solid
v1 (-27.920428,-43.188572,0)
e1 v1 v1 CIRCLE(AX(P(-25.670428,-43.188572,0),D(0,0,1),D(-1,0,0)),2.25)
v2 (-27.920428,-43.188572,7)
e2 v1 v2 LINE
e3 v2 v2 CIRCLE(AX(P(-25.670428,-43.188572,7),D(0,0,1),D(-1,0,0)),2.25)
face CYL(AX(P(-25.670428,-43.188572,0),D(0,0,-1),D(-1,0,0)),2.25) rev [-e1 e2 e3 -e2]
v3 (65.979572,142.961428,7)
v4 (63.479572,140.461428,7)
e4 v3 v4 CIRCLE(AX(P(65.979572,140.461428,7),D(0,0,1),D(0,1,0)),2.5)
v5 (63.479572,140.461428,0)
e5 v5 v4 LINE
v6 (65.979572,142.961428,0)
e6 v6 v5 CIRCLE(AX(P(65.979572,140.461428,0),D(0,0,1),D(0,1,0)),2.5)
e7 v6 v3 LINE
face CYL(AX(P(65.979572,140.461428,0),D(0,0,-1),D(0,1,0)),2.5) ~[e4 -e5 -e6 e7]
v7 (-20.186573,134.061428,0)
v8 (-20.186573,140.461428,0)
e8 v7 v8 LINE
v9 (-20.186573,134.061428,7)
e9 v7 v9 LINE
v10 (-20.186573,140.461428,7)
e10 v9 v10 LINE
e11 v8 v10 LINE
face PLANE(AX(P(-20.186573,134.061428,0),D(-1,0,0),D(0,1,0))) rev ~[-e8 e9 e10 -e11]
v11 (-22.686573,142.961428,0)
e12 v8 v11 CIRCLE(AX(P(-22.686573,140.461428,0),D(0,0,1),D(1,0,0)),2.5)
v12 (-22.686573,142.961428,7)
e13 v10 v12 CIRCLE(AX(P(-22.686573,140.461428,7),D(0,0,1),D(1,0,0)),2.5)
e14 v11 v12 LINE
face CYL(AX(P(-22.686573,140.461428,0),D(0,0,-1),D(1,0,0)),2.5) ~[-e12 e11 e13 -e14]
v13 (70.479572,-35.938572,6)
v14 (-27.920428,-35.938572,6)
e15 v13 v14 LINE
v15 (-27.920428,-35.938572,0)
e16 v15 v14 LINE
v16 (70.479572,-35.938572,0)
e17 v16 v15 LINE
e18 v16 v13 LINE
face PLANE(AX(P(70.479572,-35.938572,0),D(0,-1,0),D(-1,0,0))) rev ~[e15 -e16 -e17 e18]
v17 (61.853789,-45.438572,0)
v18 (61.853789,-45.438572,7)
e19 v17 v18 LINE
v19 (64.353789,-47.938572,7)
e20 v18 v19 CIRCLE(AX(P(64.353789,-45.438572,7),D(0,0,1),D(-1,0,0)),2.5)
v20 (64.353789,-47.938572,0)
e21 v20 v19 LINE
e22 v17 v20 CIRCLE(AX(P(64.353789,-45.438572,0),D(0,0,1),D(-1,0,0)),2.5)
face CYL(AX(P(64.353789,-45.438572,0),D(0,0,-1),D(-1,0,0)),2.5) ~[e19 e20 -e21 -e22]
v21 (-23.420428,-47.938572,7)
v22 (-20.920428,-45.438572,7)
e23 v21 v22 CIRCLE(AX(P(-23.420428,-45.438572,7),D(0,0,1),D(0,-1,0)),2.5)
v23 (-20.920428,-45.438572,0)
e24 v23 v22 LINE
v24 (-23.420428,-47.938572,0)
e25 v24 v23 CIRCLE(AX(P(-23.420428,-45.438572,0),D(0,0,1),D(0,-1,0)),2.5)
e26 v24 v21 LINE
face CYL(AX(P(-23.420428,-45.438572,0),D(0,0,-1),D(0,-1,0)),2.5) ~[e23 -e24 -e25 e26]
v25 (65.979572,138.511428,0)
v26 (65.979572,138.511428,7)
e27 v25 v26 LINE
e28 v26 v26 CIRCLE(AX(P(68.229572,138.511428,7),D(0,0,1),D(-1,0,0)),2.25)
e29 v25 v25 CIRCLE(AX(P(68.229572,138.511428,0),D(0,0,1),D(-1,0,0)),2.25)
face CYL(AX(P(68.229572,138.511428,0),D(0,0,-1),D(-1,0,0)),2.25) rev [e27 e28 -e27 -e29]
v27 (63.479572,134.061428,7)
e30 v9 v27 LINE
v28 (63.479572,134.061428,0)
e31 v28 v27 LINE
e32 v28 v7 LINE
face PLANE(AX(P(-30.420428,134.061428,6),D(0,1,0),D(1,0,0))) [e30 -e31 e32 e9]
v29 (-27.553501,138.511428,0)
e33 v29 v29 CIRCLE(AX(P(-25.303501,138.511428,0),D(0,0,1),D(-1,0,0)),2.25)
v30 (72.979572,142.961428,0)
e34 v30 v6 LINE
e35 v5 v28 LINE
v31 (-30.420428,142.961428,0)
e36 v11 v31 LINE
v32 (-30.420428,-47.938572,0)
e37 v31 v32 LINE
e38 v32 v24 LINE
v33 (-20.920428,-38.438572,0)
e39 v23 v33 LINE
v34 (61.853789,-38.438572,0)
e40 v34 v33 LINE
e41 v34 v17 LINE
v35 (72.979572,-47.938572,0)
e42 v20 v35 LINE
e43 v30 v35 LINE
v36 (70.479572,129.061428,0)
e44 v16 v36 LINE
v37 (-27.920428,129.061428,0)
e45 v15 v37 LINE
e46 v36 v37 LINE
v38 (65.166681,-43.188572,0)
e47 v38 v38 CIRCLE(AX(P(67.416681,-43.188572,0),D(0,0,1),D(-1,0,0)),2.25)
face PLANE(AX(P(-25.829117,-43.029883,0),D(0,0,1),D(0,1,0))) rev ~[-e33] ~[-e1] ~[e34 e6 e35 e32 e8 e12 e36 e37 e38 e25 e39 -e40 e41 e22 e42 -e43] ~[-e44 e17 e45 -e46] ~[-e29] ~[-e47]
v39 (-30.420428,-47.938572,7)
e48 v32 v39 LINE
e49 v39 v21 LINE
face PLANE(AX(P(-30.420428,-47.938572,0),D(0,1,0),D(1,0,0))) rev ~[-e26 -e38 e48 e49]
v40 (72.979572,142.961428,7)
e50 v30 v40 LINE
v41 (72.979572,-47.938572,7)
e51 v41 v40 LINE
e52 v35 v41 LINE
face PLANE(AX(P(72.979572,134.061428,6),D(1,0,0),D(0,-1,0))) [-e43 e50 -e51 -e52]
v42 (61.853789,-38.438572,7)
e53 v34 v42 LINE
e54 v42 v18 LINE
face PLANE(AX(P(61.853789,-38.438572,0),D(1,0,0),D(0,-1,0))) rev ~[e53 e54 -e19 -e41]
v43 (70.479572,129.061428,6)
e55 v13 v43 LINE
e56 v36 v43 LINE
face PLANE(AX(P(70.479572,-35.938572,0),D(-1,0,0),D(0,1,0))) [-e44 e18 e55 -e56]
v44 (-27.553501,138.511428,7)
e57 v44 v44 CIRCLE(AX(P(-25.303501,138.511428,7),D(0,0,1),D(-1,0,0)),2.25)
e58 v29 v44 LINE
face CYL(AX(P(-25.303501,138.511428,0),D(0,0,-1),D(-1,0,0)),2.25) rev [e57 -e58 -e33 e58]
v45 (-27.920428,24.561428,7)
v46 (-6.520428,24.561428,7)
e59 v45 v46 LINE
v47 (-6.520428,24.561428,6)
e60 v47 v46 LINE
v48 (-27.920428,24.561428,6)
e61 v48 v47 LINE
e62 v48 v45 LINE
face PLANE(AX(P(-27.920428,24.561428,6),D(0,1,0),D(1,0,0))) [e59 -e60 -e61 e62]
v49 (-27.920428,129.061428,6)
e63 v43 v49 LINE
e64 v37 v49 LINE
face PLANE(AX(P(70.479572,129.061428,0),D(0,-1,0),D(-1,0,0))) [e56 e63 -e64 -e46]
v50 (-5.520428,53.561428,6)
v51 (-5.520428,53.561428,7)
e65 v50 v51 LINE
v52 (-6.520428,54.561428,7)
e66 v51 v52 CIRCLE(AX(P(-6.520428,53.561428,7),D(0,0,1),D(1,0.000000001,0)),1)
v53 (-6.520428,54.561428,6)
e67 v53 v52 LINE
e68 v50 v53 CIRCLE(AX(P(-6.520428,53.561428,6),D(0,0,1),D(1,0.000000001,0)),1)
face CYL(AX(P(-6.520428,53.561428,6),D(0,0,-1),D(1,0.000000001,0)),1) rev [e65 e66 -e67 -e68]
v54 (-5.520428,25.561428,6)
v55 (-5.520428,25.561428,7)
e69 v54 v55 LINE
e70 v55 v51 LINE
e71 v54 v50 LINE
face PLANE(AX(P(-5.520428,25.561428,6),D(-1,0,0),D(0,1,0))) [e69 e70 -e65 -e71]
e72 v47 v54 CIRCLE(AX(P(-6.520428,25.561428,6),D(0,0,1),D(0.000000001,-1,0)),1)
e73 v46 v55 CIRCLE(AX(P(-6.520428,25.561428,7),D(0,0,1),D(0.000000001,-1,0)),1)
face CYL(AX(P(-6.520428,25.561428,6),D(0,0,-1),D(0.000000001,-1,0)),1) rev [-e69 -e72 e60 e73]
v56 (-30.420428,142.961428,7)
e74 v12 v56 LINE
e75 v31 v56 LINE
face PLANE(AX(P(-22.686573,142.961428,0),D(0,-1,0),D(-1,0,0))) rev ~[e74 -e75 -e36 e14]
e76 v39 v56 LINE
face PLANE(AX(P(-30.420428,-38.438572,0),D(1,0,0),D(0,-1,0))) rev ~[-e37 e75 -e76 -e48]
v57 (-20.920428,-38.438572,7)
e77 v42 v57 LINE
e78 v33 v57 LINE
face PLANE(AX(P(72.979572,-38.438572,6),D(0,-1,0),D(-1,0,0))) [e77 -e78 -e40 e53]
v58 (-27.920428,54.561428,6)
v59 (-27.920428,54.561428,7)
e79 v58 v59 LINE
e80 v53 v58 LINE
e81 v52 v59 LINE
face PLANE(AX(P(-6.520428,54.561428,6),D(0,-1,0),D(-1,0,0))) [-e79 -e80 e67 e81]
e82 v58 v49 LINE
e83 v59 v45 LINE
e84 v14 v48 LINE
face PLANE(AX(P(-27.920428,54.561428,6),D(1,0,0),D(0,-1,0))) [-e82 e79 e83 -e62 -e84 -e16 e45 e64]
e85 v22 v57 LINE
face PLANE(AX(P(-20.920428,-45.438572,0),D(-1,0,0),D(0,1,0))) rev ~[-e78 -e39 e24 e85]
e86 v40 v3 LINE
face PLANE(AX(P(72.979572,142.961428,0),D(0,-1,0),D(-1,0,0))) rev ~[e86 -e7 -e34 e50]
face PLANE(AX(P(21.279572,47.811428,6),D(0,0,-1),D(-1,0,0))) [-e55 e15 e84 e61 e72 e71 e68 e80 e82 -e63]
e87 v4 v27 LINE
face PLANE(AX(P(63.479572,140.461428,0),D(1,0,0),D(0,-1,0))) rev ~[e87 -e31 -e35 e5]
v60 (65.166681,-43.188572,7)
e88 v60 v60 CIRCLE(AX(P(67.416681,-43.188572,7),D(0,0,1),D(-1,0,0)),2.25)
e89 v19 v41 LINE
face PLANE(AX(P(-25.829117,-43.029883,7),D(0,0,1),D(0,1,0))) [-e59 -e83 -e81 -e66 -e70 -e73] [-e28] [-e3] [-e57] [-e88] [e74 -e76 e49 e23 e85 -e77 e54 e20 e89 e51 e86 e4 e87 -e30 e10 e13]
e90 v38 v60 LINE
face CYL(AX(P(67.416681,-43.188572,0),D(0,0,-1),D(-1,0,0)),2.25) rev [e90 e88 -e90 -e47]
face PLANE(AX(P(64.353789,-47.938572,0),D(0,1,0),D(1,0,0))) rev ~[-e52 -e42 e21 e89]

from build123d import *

# Parameters (mm, degrees)
IZIM1_W                     = 172.5
IZIM1_H                     = 103.4
IZIM1_W_2                   = 165
IZIM1_H_2                   = 98.4
Y_KSEKLIK_EKSTR_ZYON1_DEPTH = 6
Y_KSEKLIK_EKSTR_ZYON2_DEPTH = 1
IZIM3_R                     = 2.25
Y_KSEKLIK_EKSTR_ZYON3_DEPTH = 7


with BuildPart() as part:
    # Çizim1 → Yükseklik-Ekstrüzyon1 (new body)
    with BuildSketch(Plane(origin=(0, 0, 0), x_dir=(0, 1, 0), z_dir=(0, 0, 1))):
        with Locations((47.811428221, -21.27957211)):
            Rectangle(IZIM1_W, IZIM1_H)
        with Locations((46.561428221, -21.27957211)):
            Rectangle(IZIM1_W_2, IZIM1_H_2, mode=Mode.SUBTRACT)
    extrude(amount=Y_KSEKLIK_EKSTR_ZYON1_DEPTH)

    # Çizim2 → Yükseklik-Ekstrüzyon2 (add)
    with BuildSketch(Plane.XY.offset(6)):
        Polygon((-30.42042789, 54.561428221), (-30.42042789, 134.061428221), (72.97957211, 134.061428221), (72.97957211, -38.438571779), (-30.42042789, -38.438571779), (-30.42042789, 24.561428221), align=None)
        with BuildLine():
            Line((-27.92042789, 24.561428221), (-6.52042789, 24.561428221))
            ThreePointArc((-6.52042789, 24.561428221), (-5.813321109, 24.85432144), (-5.52042789, 25.561428221))
            Line((-5.52042789, 25.561428221), (-5.52042789, 53.561428221))
            ThreePointArc((-5.52042789, 53.561428221), (-5.813321109, 54.268535002), (-6.52042789, 54.561428221))
            Line((-6.52042789, 54.561428221), (-27.92042789, 54.561428221))
            Line((-27.92042789, 54.561428221), (-27.92042789, 24.561428221))
        make_face(mode=Mode.SUBTRACT)
    extrude(amount=Y_KSEKLIK_EKSTR_ZYON2_DEPTH)

    # Çizim3 → Yükseklik-Ekstrüzyon3 (add)
    # profile 1 of 4: a face of its own
    with BuildSketch(Plane(origin=(0, 0, 0), x_dir=(0, 1, 0), z_dir=(0, 0, 1))):
        with BuildLine():
            Line((-38.438571779, 30.42042789), (-47.938571779, 30.42042789))
            Line((-47.938571779, 30.42042789), (-47.938571779, 23.42042789))
            ThreePointArc((-47.938571779, 23.42042789), (-47.206338732, 21.652660937), (-45.438571779, 20.92042789))
            Line((-45.438571779, 20.92042789), (-38.438571779, 20.92042789))
            Line((-38.438571779, 20.92042789), (-38.438571779, 30.42042789))
        make_face()
        with Locations(Location((-43.188571779, 25.67042789, 0), (0, 0, 90))):
            Circle(IZIM3_R, mode=Mode.SUBTRACT)
    # profile 2 of 4: a face of its own
    with BuildSketch(Plane(origin=(0, 0, 0), x_dir=(0, 1, 0), z_dir=(0, 0, 1))):
        with BuildLine():
            Line((-38.438571779, -61.85378906), (-45.438571779, -61.85378906))
            ThreePointArc((-45.438571779, -61.85378906), (-47.206338732, -62.586022107), (-47.938571779, -64.35378906))
            Line((-47.938571779, -64.35378906), (-47.938571779, -72.97957211))
            Line((-47.938571779, -72.97957211), (-38.438571779, -72.97957211))
            Line((-38.438571779, -72.97957211), (-38.438571779, -61.85378906))
        make_face()
        with Locations(Location((-43.188571779, -67.416680585, 0), (0, 0, 90))):
            Circle(IZIM3_R, mode=Mode.SUBTRACT)
    # profile 3 of 4: a face of its own
    with BuildSketch(Plane(origin=(0, 0, 0), x_dir=(0, 1, 0), z_dir=(0, 0, 1))):
        with BuildLine():
            Line((142.961428221, 30.42042789), (134.061428221, 30.42042789))
            Line((134.061428221, 30.42042789), (134.061428221, 20.186573321))
            Line((134.061428221, 20.186573321), (140.461428221, 20.186573321))
            ThreePointArc((140.461428221, 20.186573321), (142.229195174, 20.918806368), (142.961428221, 22.686573321))
            Line((142.961428221, 22.686573321), (142.961428221, 30.42042789))
        make_face()
        with Locations(Location((138.511428221, 25.303500605, 0), (0, 0, 90))):
            Circle(IZIM3_R, mode=Mode.SUBTRACT)
    # profile 4 of 4: a face of its own
    with BuildSketch(Plane(origin=(0, 0, 0), x_dir=(0, 1, 0), z_dir=(0, 0, 1))):
        with BuildLine():
            Line((140.461428221, -63.47957211), (134.061428221, -63.47957211))
            Line((134.061428221, -63.47957211), (134.061428221, -72.97957211))
            Line((134.061428221, -72.97957211), (142.961428221, -72.97957211))
            Line((142.961428221, -72.97957211), (142.961428221, -65.97957211))
            ThreePointArc((142.961428221, -65.97957211), (142.229195174, -64.211805157), (140.461428221, -63.47957211))
        make_face()
        with Locations(Location((138.511428221, -68.22957211, 0), (0, 0, 90))):
            Circle(IZIM3_R, mode=Mode.SUBTRACT)
    extrude(amount=Y_KSEKLIK_EKSTR_ZYON3_DEPTH)


solid = part.part
